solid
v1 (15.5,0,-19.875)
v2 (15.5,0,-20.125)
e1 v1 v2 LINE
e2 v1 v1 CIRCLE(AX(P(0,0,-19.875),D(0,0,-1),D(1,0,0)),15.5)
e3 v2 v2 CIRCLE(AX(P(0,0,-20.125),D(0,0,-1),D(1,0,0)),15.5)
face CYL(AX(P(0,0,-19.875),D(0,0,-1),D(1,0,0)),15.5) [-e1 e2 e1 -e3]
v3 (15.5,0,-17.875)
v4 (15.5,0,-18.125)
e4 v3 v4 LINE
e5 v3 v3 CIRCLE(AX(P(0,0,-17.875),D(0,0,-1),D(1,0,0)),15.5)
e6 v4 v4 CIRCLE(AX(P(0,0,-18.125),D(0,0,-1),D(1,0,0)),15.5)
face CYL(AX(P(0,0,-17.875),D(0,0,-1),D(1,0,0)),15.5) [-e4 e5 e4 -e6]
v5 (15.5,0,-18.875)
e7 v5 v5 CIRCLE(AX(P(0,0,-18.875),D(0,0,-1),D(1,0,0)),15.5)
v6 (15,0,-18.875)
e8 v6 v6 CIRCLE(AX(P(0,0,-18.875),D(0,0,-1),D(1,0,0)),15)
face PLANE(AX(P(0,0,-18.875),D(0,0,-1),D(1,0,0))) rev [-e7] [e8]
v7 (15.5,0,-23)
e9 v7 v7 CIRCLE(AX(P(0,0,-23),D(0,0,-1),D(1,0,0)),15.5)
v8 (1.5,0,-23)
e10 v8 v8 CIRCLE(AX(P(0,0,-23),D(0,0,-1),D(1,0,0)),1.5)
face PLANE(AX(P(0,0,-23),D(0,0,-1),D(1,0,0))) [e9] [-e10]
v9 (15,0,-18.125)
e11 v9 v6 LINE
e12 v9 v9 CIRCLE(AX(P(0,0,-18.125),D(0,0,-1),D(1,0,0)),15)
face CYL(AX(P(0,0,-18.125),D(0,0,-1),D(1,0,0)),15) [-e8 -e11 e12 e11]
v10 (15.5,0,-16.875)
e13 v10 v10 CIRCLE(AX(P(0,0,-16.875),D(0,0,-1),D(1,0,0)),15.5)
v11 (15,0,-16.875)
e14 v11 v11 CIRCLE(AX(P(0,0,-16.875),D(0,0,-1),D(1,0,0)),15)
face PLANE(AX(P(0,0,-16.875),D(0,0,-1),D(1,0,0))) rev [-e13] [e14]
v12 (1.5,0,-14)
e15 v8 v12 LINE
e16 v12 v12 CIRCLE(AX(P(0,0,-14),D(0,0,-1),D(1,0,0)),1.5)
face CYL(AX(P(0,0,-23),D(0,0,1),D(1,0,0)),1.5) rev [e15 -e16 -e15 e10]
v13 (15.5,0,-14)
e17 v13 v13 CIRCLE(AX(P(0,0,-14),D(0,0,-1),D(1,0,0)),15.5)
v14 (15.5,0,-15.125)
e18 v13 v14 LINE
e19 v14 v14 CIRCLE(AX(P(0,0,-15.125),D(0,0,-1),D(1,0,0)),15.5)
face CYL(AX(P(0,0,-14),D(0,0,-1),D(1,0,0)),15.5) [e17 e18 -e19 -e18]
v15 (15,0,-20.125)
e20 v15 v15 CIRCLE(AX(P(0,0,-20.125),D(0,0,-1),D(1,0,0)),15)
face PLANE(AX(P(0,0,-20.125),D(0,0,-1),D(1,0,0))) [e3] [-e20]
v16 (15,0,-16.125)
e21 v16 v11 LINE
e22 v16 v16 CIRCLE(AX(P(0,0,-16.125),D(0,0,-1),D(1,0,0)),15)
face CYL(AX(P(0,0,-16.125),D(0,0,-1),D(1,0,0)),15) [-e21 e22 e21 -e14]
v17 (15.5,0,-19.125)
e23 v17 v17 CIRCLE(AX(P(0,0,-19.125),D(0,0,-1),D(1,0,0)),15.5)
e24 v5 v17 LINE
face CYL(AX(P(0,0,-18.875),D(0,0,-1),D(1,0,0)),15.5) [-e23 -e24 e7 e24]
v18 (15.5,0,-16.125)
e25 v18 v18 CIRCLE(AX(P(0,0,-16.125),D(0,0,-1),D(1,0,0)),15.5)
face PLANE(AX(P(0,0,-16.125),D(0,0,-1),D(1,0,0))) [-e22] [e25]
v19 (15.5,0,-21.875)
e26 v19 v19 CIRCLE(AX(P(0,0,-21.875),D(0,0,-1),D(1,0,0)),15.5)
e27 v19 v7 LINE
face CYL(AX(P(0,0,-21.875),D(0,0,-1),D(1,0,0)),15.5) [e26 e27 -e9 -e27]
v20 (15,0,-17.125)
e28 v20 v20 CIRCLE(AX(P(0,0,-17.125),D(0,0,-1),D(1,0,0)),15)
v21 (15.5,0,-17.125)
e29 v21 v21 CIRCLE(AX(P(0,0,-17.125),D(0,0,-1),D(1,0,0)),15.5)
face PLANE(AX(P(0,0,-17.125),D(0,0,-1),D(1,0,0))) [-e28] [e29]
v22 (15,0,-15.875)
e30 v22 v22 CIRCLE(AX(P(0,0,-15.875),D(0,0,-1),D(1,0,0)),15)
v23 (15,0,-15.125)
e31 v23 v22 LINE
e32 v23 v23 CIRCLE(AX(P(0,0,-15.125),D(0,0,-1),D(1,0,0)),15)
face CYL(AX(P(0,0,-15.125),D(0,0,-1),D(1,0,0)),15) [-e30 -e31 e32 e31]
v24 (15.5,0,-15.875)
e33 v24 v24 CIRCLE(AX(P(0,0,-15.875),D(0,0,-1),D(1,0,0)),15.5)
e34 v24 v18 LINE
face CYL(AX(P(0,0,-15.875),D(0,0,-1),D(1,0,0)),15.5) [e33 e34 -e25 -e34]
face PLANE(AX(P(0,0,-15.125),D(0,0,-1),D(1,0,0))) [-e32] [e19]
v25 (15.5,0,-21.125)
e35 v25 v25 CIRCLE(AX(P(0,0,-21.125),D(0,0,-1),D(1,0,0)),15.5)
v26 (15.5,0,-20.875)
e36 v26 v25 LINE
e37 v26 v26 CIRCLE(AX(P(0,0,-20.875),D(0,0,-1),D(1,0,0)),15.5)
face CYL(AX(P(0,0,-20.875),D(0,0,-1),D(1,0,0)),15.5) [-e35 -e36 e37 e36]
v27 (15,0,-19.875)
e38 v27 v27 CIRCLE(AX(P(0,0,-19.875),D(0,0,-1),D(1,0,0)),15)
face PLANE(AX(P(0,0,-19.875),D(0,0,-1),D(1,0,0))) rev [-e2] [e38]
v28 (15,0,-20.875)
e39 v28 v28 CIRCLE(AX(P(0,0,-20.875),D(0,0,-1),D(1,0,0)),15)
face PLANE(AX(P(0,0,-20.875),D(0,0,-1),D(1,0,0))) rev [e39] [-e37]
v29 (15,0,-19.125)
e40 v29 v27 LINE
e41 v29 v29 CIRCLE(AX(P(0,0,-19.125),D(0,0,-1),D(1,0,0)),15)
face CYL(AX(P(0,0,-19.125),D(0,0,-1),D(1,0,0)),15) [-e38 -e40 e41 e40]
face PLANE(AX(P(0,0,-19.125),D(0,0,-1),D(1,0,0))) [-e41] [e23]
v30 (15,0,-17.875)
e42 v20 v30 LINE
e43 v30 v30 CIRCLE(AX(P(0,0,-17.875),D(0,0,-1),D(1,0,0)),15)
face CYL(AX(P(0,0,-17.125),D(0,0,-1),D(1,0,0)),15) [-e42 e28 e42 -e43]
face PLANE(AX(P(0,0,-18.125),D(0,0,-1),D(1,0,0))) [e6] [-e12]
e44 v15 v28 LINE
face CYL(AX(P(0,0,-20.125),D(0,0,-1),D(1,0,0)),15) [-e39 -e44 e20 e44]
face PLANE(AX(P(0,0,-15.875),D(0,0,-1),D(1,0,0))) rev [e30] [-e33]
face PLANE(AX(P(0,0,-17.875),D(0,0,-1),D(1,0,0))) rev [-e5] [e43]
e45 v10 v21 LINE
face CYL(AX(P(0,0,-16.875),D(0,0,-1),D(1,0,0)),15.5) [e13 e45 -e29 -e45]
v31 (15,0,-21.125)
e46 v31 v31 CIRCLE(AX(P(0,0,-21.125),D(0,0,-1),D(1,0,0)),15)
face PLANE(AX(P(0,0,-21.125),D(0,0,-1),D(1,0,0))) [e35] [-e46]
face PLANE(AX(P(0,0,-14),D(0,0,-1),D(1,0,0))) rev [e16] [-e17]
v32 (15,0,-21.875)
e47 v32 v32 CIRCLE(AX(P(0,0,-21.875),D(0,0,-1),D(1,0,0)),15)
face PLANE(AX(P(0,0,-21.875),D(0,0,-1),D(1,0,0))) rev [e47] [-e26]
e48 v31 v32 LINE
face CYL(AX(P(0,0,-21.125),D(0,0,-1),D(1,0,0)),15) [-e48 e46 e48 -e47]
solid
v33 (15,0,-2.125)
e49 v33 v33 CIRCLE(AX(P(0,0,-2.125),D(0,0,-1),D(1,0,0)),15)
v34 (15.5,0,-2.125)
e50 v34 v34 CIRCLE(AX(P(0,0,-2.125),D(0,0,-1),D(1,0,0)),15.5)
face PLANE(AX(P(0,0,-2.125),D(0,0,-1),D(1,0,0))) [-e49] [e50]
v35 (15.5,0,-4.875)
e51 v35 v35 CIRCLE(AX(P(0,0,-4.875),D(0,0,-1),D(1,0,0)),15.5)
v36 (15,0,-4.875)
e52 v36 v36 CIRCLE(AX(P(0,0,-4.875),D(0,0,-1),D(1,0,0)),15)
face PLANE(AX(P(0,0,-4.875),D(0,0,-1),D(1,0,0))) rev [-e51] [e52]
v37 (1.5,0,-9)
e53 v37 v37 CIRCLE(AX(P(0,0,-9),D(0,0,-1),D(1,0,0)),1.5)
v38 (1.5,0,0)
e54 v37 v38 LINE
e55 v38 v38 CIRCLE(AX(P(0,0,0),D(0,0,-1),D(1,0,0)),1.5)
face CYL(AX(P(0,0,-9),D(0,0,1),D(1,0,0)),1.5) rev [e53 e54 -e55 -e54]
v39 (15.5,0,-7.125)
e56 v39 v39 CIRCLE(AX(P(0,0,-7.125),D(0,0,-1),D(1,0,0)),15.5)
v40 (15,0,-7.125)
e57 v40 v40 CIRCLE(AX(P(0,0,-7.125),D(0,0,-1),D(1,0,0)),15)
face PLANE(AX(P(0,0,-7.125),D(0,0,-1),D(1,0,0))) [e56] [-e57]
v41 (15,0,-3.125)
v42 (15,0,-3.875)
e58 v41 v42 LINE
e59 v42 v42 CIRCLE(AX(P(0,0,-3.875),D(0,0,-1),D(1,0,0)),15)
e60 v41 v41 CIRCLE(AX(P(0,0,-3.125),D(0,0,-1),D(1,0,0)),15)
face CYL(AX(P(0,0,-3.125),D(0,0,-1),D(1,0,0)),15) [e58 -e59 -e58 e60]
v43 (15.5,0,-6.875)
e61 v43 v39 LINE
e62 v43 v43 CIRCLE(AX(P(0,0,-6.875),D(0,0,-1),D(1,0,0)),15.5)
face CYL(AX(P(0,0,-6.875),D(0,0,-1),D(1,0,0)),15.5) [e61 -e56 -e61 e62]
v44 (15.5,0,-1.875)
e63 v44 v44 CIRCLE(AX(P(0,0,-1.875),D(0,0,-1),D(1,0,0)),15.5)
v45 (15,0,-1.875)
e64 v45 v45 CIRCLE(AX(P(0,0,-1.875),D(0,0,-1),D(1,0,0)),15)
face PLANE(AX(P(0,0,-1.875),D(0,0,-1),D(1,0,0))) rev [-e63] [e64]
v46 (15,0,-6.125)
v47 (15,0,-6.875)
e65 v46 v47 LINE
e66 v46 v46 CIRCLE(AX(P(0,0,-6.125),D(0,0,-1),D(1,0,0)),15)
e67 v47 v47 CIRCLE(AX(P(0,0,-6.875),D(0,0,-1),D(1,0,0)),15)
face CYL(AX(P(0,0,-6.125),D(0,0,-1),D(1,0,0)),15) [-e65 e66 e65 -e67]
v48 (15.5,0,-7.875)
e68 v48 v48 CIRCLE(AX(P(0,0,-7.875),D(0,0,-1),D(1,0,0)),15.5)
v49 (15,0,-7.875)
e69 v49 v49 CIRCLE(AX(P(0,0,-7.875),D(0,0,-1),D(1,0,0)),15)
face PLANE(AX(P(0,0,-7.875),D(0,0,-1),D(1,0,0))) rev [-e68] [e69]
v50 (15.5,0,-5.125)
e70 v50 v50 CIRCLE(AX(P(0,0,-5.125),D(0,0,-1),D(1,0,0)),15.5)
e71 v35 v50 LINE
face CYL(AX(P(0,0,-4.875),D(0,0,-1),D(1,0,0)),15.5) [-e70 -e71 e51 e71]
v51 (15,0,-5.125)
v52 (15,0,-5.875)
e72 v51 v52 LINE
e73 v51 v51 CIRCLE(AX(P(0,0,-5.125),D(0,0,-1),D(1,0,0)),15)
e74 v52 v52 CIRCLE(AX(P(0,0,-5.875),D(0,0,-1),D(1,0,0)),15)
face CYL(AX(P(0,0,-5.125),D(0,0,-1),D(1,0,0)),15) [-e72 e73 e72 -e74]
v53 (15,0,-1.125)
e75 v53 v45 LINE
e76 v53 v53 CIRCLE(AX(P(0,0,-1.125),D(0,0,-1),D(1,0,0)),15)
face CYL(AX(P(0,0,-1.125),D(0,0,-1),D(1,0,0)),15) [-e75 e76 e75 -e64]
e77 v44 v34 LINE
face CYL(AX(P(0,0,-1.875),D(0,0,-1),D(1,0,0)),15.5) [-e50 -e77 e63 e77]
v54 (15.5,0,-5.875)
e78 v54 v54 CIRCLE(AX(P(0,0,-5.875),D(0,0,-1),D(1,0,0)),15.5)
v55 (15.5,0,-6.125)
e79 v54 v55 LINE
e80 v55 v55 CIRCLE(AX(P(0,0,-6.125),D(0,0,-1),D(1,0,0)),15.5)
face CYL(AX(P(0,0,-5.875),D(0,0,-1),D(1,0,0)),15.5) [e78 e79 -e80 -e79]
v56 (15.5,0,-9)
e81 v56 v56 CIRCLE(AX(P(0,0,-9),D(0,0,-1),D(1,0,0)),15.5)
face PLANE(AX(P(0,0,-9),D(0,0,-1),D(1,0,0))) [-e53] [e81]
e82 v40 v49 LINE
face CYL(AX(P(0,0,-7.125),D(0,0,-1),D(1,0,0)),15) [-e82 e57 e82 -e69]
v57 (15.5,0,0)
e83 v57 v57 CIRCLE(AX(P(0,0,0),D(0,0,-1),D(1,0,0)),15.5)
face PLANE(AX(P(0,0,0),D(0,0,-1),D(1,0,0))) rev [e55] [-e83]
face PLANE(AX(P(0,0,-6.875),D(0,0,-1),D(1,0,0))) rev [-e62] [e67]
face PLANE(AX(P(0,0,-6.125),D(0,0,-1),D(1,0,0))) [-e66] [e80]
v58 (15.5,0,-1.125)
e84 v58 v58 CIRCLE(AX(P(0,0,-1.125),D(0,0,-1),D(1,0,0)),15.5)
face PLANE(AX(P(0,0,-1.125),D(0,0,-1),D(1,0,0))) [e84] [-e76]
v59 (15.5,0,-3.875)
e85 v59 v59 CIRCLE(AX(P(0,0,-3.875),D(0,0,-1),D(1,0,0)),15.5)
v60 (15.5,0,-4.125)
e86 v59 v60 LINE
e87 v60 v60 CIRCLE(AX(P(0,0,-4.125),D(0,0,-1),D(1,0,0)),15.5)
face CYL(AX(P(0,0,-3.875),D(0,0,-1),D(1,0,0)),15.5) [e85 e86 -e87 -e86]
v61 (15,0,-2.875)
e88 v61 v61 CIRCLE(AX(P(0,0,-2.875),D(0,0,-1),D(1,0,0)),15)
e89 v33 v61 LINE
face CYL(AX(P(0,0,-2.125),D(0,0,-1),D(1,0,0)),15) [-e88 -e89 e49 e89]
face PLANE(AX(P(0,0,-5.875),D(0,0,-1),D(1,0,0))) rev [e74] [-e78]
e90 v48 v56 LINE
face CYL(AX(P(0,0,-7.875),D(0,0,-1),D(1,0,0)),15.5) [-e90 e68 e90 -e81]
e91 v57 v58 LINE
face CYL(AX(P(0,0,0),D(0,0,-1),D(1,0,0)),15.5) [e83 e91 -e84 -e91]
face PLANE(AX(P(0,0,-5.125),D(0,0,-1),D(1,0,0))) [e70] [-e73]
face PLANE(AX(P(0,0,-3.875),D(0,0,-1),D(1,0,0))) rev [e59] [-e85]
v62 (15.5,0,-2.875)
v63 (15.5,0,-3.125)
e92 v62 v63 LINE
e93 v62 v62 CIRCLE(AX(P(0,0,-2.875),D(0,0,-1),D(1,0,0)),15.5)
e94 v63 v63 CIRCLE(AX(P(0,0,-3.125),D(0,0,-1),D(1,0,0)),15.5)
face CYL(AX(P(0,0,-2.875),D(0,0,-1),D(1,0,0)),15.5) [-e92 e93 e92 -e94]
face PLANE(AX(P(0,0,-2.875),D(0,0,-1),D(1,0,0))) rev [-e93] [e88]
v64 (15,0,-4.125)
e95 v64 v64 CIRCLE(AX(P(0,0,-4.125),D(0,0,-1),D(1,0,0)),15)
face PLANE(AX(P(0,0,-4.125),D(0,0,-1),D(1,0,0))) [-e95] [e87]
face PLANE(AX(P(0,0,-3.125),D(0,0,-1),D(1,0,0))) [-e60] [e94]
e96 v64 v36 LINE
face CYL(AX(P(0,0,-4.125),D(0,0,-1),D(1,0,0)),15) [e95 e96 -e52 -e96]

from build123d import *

# Parameters (mm, degrees)
SKETCH1_W = 0.5
SKETCH1_H = 0.75


with BuildPart() as part:
    # Sketch1 → Revolve2 (revolve)
    with BuildSketch(Plane(origin=(0, 0, 0), x_dir=(1, 0, 0), z_dir=(0, 1, 0))):
        Polygon((15.5, 9), (1.5, 9), (1.5, 0), (15.5, 0), (15.5, 0.125), (15, 0.125), (15, 0.875), (15.5, 0.875), (15.5, 1.125), (15, 1.125), (15, 1.875), (15.5, 1.875), (15.5, 2.125), (15, 2.125), (15, 2.875), (15.5, 2.875), (15.5, 3.125), (15, 3.125), (15, 3.875), (15.5, 3.875), (15.5, 4.125), (15, 4.125), (15, 4.875), (15.5, 4.875), (15.5, 5.125), (15, 5.125), (15, 5.875), (15.5, 5.875), (15.5, 6.125), (15, 6.125), (15, 6.875), (15.5, 6.875), (15.5, 7.125), (15, 7.125), (15, 7.875), (15.5, 7.875), (15.5, 8.125), (15, 8.125), (15, 8.875), (15.5, 8.875), align=None)
        Polygon((15, 20.875), (15.5, 20.875), (15.5, 21.125), (15, 21.125), (15, 21.875), (15.5, 21.875), (15.5, 23), (1.5, 23), (1.5, 14), (15.5, 14), (15.5, 14.125), (15, 14.125), (15, 14.875), (15.5, 14.875), (15.5, 15.125), (15, 15.125), (15, 15.875), (15.5, 15.875), (15.5, 16.125), (15, 16.125), (15, 16.875), (15.5, 16.875), (15.5, 17.125), (15, 17.125), (15, 17.875), (15.5, 17.875), (15.5, 18.125), (15, 18.125), (15, 18.875), (15.5, 18.875), (15.5, 19.125), (15, 19.125), (15, 19.875), (15.5, 19.875), (15.5, 20.125), (15, 20.125), align=None)
        with Locations((15.25, 14.5)):
            Rectangle(SKETCH1_W, SKETCH1_H)
        with Locations((15.25, 8.5)):
            Rectangle(SKETCH1_W, SKETCH1_H)
        with Locations((15.25, 0.5)):
            Rectangle(SKETCH1_W, SKETCH1_H)
    revolve(axis=Axis((0, 0, 0), (0, 0, -1)))


solid = part.part
